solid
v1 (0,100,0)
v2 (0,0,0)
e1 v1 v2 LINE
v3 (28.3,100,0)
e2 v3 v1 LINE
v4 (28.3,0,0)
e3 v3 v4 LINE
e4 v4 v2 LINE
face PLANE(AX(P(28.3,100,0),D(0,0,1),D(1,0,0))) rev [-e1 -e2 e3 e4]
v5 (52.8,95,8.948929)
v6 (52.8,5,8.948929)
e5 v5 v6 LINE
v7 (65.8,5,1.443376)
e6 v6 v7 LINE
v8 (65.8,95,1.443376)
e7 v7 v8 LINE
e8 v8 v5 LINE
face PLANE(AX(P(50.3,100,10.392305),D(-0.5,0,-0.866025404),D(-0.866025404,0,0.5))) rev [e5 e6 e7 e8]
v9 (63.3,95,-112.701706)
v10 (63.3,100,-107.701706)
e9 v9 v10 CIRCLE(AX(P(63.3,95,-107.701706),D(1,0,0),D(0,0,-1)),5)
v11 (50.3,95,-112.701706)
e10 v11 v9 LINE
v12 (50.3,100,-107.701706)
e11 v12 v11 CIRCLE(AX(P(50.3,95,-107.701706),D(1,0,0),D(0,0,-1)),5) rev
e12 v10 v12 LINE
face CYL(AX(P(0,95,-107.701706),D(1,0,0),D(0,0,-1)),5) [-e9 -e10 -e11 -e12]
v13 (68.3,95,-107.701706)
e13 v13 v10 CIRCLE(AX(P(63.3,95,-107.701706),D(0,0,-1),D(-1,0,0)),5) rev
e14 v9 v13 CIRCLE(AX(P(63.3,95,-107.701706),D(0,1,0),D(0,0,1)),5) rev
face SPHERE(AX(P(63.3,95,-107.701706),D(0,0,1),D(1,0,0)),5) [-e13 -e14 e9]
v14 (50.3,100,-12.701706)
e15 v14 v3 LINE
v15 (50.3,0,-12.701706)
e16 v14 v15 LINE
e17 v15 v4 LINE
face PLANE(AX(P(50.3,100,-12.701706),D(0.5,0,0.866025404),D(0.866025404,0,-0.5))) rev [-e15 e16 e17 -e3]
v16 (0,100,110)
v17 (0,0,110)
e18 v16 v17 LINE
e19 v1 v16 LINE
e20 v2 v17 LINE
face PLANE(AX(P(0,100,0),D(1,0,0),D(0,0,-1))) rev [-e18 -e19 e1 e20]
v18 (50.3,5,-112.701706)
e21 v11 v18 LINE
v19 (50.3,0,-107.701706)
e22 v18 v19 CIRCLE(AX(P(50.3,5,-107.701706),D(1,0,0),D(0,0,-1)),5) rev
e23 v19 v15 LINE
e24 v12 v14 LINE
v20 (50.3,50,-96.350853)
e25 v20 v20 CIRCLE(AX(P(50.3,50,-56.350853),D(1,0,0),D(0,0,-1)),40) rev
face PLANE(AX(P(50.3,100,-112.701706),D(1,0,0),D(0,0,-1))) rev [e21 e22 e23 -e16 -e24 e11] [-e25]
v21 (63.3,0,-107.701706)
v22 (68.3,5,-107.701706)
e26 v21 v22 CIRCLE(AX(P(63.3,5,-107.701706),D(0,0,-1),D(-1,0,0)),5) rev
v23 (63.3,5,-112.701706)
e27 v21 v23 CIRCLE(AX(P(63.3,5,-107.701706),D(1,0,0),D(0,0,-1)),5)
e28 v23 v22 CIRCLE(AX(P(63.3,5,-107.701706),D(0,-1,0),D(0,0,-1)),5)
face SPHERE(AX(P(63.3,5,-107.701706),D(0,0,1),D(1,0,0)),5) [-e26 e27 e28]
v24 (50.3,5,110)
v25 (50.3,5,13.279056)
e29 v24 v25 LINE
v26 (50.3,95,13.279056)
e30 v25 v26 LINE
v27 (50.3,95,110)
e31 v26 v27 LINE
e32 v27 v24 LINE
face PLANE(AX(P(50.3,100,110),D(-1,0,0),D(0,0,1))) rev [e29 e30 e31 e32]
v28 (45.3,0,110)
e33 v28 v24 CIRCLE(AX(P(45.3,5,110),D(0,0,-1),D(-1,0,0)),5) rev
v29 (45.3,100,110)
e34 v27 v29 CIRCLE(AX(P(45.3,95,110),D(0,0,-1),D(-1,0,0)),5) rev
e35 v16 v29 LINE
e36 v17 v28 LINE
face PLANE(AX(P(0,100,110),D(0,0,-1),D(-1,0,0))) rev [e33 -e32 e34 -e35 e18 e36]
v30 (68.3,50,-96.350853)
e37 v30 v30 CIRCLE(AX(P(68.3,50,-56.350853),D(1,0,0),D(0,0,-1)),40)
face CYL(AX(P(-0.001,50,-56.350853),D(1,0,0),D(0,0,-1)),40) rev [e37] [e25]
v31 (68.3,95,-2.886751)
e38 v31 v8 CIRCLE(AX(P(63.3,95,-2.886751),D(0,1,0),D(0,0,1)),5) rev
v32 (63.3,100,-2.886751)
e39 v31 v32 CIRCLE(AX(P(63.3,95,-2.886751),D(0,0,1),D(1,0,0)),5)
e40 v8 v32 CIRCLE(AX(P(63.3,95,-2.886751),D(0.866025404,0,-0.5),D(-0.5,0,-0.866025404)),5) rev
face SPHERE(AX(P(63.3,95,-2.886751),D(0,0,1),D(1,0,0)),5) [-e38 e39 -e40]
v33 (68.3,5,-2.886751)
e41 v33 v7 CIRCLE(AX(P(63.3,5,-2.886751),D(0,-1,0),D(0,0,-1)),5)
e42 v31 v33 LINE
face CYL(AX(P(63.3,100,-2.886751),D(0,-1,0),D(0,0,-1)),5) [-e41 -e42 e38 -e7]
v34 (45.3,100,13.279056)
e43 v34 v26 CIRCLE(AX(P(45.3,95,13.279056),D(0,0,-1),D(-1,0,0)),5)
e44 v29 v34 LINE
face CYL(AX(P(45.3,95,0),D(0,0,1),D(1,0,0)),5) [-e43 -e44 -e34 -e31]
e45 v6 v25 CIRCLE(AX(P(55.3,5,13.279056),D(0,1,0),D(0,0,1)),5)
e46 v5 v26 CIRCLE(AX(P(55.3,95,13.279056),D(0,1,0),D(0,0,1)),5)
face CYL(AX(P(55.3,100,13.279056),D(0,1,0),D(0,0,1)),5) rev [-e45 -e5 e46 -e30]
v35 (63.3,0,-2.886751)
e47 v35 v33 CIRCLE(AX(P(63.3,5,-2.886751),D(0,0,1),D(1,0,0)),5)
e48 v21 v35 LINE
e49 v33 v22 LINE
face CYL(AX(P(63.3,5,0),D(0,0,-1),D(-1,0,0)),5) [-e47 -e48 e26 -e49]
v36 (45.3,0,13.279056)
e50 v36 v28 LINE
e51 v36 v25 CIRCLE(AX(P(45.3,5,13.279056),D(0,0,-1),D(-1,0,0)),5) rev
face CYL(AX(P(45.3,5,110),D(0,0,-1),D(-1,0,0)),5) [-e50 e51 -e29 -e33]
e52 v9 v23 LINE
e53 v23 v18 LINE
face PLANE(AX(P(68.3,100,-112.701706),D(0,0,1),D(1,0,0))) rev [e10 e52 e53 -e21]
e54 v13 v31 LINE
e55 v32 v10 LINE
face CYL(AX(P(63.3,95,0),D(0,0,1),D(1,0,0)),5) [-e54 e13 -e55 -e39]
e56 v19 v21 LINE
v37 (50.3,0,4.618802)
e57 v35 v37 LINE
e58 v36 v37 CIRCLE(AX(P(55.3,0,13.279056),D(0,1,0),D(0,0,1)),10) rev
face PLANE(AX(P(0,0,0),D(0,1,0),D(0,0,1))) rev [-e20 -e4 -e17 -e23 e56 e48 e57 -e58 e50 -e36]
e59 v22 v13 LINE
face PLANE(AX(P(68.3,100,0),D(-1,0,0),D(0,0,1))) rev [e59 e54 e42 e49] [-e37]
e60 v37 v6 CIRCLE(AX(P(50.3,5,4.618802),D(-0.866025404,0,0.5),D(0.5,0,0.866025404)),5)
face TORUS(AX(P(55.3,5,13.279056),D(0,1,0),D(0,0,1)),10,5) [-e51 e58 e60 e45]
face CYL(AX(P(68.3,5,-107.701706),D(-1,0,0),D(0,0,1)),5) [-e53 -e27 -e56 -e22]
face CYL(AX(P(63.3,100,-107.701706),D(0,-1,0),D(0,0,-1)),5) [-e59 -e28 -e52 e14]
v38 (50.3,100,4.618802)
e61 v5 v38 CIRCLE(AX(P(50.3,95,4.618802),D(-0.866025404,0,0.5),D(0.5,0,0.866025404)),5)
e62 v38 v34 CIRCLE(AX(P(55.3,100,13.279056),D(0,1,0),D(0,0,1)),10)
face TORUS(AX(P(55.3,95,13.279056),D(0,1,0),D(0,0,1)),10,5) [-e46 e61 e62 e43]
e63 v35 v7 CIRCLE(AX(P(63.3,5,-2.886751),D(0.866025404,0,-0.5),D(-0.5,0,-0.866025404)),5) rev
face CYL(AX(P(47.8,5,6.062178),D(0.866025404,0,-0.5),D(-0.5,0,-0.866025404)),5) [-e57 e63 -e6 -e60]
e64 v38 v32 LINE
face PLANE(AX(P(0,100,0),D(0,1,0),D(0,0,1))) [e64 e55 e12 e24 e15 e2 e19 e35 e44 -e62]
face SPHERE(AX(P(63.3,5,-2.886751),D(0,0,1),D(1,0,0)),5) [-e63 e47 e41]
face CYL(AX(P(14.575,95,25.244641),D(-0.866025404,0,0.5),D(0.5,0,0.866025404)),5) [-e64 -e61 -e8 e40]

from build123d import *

# Parameters (mm, degrees)
BOSS_EXTRUDE1_DEPTH = 100
CUT_EXTRUDE1_REACH  = 167.428
SKETCH2_R           = 40
FILLET2_R           = 5


with BuildPart() as part:
    # Sketch1 → Boss-Extrude1 (new body)
    with BuildSketch(Plane(origin=(0, 0, 0), x_dir=(1, 0, 0), z_dir=(0, 1, 0))):
        Polygon((50.3, -110), (50.3, -10.392304845), (68.3, 0), (68.3, 112.701705922), (50.3, 112.701705922), (50.3, 12.701705922), (28.3, 0), (0, 0), (0, -110), align=None)
    extrude(amount=BOSS_EXTRUDE1_DEPTH)

    # Sketch2 → Cut-Extrude1 (cut, up to next)
    with BuildSketch(Plane(origin=(68.3, 0, 0), x_dir=(0, 0, -1), z_dir=(1, 0, 0)), mode=Mode.PRIVATE) as cut_extrude1_sk1:
        with Locations((56.350852961, 50)):
            Circle(SKETCH2_R)
    cut_extrude1_tool1 = extrude(cut_extrude1_sk1.sketch, amount=-CUT_EXTRUDE1_REACH, mode=Mode.PRIVATE) & part.part
    add(cut_extrude1_tool1.solids().sort_by_distance((68.3, 50, -56.350853))[0], mode=Mode.SUBTRACT)

    # Fillet2
    fillet2_edges = [part.edges().sort_by_distance(p)[0] for p in [
        (50.3, 0, 60.196152423),
        (50.3, 100, 60.196152423),
        (59.3, 0, 5.196152423),
        (59.3, 100, 5.196152423),
        (68.3, 0, -56.350852961),
        (68.3, 50, -112.701705922),
        (68.3, 100, -56.350852961),
        (68.3, 50, 0),
        (50.3, 50, 10.392304845),
        (59.3, 0, -112.701705922),
        (59.3, 100, -112.701705922),
    ]]
    fillet(fillet2_edges, radius=FILLET2_R)


solid = part.part
